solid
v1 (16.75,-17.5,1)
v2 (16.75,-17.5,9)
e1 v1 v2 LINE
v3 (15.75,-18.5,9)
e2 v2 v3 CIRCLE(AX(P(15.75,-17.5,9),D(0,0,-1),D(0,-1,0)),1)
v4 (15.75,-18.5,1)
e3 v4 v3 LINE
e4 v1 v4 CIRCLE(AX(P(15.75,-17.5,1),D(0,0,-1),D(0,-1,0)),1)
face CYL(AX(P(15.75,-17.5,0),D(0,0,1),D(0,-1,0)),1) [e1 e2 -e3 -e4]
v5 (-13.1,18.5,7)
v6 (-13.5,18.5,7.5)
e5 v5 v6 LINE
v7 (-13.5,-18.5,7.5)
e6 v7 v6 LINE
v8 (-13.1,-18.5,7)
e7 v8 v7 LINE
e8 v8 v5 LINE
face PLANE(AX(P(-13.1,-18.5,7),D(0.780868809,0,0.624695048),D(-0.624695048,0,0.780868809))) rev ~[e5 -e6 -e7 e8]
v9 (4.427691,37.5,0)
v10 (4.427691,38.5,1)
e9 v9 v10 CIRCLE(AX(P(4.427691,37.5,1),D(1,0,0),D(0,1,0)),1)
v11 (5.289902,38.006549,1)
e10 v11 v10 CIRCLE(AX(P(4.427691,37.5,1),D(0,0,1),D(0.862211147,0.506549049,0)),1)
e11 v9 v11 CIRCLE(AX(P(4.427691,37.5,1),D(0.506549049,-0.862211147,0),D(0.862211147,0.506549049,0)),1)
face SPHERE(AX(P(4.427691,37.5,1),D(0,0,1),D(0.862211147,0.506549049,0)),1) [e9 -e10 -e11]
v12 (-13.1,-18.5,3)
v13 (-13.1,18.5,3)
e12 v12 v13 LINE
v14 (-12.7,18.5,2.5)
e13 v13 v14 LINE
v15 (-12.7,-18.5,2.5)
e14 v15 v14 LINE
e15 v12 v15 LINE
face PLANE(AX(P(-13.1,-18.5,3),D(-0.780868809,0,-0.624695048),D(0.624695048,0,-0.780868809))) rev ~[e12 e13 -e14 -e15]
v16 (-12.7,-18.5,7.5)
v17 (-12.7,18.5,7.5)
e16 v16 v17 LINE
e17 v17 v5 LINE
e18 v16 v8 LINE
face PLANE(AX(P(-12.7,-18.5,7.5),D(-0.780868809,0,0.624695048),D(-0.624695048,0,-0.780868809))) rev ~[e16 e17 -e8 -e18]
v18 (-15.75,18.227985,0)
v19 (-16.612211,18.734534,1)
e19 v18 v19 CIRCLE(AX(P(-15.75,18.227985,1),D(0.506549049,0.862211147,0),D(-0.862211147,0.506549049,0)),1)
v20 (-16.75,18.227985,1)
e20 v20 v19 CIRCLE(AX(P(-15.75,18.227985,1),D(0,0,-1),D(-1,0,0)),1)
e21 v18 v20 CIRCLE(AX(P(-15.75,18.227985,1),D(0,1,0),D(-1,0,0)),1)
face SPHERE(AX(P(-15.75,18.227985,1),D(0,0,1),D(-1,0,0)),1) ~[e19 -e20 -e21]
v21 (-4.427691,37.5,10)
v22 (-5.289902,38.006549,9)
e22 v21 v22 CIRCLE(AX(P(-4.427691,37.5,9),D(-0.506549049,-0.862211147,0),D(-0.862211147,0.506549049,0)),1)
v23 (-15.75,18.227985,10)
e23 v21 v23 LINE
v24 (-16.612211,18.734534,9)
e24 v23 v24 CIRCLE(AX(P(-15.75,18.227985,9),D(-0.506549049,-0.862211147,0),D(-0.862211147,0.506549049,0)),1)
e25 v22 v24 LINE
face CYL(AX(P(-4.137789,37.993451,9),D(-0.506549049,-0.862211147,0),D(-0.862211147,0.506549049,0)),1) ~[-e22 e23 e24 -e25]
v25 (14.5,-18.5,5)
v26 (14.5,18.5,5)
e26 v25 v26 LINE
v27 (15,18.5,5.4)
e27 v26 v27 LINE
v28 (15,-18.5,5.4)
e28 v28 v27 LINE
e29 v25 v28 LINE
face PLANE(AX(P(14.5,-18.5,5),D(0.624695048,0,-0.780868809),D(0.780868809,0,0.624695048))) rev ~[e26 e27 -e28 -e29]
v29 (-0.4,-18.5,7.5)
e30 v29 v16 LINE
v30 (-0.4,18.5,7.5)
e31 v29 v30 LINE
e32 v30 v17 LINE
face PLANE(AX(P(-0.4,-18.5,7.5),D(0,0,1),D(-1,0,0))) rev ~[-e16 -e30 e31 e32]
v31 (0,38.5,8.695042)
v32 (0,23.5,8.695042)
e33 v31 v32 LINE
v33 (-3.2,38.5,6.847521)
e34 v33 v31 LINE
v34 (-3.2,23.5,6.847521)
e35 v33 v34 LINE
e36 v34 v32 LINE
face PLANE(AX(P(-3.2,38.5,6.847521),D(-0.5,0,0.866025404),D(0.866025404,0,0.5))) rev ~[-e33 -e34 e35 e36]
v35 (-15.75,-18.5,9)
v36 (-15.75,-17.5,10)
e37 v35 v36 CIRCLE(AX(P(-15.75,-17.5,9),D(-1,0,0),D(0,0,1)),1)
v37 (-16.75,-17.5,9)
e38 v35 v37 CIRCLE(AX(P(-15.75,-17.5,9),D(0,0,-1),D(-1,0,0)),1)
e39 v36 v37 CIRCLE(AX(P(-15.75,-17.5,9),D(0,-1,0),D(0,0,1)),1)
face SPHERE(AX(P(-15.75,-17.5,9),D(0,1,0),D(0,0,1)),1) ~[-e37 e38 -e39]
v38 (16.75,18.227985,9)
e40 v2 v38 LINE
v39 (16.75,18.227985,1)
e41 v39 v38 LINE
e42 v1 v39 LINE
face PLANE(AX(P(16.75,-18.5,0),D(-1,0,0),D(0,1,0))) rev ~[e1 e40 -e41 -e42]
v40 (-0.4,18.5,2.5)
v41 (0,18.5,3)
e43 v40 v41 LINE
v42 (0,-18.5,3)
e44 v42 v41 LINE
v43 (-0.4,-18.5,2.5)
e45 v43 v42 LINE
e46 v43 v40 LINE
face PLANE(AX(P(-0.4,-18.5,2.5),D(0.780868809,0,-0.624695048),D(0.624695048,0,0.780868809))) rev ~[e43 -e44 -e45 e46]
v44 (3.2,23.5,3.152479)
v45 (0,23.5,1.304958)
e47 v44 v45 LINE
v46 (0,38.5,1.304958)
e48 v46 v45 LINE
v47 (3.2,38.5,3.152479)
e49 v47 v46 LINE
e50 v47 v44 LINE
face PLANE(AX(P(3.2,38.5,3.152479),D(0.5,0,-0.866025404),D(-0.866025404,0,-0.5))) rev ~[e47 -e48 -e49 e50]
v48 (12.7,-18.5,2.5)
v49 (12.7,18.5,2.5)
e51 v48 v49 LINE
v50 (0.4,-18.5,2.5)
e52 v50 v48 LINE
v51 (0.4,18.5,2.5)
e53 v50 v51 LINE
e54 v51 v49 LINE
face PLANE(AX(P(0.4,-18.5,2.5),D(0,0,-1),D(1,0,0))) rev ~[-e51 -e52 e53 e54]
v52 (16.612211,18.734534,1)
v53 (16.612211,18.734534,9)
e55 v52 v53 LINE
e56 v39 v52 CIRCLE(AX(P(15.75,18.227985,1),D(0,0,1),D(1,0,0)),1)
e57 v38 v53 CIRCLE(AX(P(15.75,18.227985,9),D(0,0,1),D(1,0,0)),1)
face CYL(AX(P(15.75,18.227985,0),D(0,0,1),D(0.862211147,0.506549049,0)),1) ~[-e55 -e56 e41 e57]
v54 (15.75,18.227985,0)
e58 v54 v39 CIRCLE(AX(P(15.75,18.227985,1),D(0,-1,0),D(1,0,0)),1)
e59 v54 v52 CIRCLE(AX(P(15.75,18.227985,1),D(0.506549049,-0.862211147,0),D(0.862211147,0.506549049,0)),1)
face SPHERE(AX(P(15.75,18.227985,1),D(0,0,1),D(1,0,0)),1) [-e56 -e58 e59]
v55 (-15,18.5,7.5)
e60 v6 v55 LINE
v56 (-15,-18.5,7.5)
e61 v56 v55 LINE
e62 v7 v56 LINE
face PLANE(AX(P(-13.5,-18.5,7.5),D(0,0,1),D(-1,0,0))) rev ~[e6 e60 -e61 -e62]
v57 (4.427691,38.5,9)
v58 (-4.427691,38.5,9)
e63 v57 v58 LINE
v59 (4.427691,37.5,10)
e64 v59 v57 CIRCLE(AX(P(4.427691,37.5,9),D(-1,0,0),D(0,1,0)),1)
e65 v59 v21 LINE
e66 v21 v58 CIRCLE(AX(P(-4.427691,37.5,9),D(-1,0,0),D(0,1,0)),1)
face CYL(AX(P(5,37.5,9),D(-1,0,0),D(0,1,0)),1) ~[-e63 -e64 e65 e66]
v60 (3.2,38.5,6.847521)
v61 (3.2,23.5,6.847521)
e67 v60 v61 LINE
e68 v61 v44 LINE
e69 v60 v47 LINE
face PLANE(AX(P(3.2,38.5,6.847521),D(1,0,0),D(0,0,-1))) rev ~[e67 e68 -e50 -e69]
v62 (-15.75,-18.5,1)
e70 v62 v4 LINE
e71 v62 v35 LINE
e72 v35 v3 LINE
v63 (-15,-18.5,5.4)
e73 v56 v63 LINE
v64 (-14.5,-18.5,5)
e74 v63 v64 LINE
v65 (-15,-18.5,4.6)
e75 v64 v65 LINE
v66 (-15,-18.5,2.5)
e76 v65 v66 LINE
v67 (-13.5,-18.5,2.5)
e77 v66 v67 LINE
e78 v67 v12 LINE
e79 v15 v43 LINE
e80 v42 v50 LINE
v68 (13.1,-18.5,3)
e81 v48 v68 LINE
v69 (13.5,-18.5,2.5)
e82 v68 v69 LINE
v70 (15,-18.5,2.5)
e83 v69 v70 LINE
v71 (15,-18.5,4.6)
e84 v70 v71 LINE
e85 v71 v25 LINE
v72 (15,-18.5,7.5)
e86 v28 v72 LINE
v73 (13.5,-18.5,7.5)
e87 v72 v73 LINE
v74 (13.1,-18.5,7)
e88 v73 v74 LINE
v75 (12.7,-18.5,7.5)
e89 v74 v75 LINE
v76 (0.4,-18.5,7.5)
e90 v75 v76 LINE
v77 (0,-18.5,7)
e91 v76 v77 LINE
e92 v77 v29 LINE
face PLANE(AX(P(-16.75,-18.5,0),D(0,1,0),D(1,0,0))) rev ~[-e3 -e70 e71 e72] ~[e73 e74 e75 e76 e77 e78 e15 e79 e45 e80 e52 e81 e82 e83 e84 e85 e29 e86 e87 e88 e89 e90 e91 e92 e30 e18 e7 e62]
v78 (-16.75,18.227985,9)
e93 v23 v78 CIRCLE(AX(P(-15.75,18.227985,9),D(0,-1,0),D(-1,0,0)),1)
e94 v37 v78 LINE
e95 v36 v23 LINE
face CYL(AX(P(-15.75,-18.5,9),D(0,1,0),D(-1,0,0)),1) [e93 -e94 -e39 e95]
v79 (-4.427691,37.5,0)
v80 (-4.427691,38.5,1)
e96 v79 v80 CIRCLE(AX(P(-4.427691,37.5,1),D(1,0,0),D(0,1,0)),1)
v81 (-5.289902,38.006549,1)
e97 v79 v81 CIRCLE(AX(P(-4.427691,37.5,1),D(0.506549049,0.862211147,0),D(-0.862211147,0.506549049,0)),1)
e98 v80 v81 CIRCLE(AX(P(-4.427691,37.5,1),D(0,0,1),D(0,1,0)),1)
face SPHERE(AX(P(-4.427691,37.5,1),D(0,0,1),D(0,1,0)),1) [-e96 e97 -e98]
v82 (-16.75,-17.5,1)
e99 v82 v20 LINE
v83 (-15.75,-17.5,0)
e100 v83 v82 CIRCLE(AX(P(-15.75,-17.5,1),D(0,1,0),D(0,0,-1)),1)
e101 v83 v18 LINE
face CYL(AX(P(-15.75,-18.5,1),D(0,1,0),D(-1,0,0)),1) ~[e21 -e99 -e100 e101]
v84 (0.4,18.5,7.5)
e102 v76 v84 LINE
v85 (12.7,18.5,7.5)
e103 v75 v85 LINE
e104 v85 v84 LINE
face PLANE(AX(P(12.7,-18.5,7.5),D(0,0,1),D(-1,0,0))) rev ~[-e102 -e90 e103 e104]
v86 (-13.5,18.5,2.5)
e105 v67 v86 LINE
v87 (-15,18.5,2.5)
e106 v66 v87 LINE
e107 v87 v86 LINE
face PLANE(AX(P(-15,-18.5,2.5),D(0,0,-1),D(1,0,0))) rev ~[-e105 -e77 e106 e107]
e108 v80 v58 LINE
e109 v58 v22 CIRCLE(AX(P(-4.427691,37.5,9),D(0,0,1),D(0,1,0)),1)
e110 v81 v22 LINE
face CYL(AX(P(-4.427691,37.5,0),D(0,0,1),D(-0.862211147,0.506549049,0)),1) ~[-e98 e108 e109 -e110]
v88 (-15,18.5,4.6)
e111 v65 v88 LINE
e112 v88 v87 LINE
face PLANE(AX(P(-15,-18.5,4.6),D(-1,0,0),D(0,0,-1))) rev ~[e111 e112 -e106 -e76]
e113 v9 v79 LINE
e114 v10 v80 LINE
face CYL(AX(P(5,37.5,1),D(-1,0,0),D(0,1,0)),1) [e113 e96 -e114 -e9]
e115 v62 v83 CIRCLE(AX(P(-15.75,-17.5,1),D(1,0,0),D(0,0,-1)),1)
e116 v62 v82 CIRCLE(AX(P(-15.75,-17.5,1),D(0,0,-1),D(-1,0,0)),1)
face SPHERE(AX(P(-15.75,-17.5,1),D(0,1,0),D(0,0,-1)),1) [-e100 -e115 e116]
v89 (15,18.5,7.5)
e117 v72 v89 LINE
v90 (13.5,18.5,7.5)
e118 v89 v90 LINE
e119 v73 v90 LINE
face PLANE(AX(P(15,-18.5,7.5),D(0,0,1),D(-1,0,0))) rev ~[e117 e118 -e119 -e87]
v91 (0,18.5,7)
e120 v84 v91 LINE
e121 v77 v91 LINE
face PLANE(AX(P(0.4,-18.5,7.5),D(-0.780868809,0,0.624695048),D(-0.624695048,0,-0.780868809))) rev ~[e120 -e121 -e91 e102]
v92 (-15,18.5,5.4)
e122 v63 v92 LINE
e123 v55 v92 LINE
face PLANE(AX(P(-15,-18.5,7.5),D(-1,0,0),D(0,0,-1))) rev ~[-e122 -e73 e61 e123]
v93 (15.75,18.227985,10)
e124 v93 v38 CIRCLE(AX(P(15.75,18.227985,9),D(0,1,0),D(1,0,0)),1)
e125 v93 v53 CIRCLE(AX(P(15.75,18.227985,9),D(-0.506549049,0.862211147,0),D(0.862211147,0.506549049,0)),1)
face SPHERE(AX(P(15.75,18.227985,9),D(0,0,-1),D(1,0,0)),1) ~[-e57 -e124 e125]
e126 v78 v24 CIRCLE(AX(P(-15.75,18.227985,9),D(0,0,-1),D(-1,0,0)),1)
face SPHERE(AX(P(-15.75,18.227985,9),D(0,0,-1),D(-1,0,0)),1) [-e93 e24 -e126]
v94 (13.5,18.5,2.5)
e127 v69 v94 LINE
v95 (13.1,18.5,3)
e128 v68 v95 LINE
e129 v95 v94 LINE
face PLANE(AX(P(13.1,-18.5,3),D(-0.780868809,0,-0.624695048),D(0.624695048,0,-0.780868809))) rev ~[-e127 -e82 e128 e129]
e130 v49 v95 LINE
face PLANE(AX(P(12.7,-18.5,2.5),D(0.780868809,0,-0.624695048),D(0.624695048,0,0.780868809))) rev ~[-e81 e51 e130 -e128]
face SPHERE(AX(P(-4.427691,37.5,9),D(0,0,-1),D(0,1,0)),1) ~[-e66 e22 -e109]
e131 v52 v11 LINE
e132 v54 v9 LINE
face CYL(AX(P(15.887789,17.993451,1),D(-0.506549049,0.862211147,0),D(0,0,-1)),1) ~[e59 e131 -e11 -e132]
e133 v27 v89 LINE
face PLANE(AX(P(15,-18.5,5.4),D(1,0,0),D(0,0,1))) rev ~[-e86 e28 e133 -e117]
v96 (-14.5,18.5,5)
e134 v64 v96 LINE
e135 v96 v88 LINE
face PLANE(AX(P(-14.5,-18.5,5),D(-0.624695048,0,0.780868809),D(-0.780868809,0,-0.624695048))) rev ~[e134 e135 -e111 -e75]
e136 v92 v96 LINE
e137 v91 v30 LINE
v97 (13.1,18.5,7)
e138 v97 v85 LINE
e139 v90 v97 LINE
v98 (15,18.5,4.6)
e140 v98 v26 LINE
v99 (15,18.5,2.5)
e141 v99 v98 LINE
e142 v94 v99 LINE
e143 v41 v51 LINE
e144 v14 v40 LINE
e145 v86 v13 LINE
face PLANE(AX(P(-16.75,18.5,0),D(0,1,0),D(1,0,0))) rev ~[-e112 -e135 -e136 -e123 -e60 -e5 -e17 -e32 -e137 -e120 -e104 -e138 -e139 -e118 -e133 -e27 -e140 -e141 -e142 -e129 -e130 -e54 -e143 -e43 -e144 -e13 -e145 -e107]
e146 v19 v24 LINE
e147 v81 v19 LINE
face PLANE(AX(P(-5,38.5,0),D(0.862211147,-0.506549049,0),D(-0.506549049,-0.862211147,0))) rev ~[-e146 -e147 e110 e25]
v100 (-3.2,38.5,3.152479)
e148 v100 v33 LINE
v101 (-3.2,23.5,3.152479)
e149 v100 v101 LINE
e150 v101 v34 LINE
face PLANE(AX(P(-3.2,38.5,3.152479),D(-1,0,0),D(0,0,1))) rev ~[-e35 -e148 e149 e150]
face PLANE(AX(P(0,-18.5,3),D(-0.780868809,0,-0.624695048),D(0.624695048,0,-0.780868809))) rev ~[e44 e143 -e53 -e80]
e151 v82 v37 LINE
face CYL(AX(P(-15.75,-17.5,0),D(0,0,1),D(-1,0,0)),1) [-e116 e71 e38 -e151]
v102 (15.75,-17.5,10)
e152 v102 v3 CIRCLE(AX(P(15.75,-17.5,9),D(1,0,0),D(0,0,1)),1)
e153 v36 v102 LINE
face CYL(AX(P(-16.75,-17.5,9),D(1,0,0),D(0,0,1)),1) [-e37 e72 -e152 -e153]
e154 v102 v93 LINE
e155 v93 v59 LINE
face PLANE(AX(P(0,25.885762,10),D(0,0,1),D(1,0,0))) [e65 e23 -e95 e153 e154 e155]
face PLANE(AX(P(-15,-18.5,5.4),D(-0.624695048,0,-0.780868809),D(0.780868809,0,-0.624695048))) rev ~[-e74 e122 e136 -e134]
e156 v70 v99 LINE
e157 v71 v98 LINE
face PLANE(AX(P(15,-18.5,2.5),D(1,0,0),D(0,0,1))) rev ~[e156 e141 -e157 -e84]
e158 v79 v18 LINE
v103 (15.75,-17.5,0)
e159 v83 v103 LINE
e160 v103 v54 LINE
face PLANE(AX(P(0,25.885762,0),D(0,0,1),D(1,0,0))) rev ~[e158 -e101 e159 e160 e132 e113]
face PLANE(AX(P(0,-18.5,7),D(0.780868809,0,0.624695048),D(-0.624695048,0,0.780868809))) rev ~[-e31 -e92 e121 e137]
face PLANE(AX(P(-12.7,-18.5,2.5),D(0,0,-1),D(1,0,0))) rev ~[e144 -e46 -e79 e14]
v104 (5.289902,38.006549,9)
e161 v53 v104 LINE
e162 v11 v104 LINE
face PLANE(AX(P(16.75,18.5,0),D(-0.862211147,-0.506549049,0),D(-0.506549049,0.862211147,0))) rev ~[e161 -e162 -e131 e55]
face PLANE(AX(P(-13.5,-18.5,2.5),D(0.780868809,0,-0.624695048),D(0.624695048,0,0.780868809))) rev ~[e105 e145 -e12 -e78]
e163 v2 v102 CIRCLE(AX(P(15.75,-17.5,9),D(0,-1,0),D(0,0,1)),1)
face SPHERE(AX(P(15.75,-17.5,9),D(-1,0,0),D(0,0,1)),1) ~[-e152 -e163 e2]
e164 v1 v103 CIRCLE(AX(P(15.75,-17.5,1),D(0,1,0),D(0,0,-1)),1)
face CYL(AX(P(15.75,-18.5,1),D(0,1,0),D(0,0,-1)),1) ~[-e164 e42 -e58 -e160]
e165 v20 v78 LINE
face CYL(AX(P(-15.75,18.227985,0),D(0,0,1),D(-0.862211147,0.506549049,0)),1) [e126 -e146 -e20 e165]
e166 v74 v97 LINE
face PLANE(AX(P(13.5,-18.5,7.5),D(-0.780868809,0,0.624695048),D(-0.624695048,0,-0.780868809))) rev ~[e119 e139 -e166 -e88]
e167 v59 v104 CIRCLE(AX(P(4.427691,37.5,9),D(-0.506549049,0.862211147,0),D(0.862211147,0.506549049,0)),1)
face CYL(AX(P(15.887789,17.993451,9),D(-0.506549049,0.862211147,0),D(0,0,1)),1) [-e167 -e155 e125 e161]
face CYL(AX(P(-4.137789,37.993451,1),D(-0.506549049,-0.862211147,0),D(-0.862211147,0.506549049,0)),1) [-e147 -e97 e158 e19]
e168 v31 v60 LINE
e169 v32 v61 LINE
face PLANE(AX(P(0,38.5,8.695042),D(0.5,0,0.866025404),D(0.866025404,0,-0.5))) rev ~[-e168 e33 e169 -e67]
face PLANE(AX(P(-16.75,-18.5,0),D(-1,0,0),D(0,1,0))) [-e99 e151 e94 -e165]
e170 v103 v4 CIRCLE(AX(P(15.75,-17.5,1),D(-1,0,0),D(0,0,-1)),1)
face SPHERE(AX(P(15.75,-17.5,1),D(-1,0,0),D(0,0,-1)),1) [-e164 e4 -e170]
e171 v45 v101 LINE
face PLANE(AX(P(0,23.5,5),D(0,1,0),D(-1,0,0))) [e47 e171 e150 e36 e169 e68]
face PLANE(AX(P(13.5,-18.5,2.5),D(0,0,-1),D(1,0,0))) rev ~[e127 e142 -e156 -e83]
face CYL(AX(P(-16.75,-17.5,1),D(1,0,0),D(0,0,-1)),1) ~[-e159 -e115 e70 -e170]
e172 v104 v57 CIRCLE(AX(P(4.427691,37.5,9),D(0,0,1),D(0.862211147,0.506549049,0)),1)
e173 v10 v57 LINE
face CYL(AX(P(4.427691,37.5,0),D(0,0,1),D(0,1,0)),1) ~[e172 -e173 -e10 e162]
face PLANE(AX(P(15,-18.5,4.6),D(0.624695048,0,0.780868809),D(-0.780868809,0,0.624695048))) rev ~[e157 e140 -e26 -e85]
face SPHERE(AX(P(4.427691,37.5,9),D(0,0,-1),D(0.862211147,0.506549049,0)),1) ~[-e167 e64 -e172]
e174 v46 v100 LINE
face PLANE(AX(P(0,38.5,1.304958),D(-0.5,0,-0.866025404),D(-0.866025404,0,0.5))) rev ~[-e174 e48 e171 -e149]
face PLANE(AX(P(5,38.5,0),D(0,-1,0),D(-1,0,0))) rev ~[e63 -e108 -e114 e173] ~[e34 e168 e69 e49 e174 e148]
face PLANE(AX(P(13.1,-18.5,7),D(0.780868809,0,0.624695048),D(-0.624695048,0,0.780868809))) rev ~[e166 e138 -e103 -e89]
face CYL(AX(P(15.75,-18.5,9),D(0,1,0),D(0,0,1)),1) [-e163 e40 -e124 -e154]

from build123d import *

# Parameters (mm, degrees)
F0_W     = 33.5
F0_H     = 37
F1_DEPTH = 10
F3_DEPTH = 37
F4_DEPTH = 10
F6_DEPTH = 15
F7_R     = 1


with BuildPart() as f1:
    # F0 (on Top) → F1 (new body)
    with BuildSketch(Plane.XY):
        Rectangle(F0_W, F0_H)
    extrude(amount=F1_DEPTH)

    # F2 (on face) → F3 (cut, through all)
    with BuildSketch(Plane.XZ.offset(18.5)):
        Polygon((-13.5, 7.5), (-15, 7.5), (-15, 5.4), (-14.5, 5), (-15, 4.6), (-15, 2.5), (-13.5, 2.5), (-13.1, 3), (-12.7, 2.5), (-1.9, 2.5), (-0.4, 2.5), (0, 3), (0.4, 2.5), (11.2, 2.5), (12.7, 2.5), (13.1, 3), (13.5, 2.5), (15, 2.5), (15, 4.6), (14.5, 5), (15, 5.4), (15, 7.5), (13.5, 7.5), (13.1, 7), (12.7, 7.5), (0.4, 7.5), (0, 7), (-0.4, 7.5), (-12.7, 7.5), (-13.1, 7), align=None)
    extrude(amount=-F3_DEPTH, mode=Mode.SUBTRACT)

    # F0 (on Top) → F4 (join)
    with BuildSketch(Plane.XY):
        Polygon((-5, 38.5), (-16.75, 18.5), (16.75, 18.5), (5, 38.5), align=None)
    extrude(amount=F4_DEPTH)

    # F5 (on face) → F6 (cut)
    with BuildSketch(Plane(origin=(0, 38.5, 0), x_dir=(-1, 0, 0), z_dir=(0, 1, 0))):
        Polygon((-3.2, 6.8475208614), (-3.2, 3.1524791386), (0, 1.3049582772), (3.2, 3.1524791386), (3.2, 6.8475208614), (0, 8.6950417228), align=None)
    extrude(amount=-F6_DEPTH, mode=Mode.SUBTRACT)

    # F7
    f7_edges = [f1.edges().sort_by_distance(p)[0] for p in [
        (-16.75, 0, 10),
        (0, -18.5, 10),
        (16.75, 0, 10),
        (10.875, 28.5, 10),
        (0, 38.5, 10),
        (-10.875, 28.5, 10),
        (-16.75, 0, 0),
        (0, -18.5, 0),
        (16.75, 0, 0),
        (10.875, 28.5, 0),
        (0, 38.5, 0),
        (-10.875, 28.5, 0),
        (-16.75, 18.5, 5),
        (-16.75, -18.5, 5),
        (-5, 38.5, 5),
        (16.75, 18.5, 5),
        (5, 38.5, 5),
        (16.75, -18.5, 5),
    ]]
    fillet(f7_edges, radius=F7_R)


solid = f1.part
